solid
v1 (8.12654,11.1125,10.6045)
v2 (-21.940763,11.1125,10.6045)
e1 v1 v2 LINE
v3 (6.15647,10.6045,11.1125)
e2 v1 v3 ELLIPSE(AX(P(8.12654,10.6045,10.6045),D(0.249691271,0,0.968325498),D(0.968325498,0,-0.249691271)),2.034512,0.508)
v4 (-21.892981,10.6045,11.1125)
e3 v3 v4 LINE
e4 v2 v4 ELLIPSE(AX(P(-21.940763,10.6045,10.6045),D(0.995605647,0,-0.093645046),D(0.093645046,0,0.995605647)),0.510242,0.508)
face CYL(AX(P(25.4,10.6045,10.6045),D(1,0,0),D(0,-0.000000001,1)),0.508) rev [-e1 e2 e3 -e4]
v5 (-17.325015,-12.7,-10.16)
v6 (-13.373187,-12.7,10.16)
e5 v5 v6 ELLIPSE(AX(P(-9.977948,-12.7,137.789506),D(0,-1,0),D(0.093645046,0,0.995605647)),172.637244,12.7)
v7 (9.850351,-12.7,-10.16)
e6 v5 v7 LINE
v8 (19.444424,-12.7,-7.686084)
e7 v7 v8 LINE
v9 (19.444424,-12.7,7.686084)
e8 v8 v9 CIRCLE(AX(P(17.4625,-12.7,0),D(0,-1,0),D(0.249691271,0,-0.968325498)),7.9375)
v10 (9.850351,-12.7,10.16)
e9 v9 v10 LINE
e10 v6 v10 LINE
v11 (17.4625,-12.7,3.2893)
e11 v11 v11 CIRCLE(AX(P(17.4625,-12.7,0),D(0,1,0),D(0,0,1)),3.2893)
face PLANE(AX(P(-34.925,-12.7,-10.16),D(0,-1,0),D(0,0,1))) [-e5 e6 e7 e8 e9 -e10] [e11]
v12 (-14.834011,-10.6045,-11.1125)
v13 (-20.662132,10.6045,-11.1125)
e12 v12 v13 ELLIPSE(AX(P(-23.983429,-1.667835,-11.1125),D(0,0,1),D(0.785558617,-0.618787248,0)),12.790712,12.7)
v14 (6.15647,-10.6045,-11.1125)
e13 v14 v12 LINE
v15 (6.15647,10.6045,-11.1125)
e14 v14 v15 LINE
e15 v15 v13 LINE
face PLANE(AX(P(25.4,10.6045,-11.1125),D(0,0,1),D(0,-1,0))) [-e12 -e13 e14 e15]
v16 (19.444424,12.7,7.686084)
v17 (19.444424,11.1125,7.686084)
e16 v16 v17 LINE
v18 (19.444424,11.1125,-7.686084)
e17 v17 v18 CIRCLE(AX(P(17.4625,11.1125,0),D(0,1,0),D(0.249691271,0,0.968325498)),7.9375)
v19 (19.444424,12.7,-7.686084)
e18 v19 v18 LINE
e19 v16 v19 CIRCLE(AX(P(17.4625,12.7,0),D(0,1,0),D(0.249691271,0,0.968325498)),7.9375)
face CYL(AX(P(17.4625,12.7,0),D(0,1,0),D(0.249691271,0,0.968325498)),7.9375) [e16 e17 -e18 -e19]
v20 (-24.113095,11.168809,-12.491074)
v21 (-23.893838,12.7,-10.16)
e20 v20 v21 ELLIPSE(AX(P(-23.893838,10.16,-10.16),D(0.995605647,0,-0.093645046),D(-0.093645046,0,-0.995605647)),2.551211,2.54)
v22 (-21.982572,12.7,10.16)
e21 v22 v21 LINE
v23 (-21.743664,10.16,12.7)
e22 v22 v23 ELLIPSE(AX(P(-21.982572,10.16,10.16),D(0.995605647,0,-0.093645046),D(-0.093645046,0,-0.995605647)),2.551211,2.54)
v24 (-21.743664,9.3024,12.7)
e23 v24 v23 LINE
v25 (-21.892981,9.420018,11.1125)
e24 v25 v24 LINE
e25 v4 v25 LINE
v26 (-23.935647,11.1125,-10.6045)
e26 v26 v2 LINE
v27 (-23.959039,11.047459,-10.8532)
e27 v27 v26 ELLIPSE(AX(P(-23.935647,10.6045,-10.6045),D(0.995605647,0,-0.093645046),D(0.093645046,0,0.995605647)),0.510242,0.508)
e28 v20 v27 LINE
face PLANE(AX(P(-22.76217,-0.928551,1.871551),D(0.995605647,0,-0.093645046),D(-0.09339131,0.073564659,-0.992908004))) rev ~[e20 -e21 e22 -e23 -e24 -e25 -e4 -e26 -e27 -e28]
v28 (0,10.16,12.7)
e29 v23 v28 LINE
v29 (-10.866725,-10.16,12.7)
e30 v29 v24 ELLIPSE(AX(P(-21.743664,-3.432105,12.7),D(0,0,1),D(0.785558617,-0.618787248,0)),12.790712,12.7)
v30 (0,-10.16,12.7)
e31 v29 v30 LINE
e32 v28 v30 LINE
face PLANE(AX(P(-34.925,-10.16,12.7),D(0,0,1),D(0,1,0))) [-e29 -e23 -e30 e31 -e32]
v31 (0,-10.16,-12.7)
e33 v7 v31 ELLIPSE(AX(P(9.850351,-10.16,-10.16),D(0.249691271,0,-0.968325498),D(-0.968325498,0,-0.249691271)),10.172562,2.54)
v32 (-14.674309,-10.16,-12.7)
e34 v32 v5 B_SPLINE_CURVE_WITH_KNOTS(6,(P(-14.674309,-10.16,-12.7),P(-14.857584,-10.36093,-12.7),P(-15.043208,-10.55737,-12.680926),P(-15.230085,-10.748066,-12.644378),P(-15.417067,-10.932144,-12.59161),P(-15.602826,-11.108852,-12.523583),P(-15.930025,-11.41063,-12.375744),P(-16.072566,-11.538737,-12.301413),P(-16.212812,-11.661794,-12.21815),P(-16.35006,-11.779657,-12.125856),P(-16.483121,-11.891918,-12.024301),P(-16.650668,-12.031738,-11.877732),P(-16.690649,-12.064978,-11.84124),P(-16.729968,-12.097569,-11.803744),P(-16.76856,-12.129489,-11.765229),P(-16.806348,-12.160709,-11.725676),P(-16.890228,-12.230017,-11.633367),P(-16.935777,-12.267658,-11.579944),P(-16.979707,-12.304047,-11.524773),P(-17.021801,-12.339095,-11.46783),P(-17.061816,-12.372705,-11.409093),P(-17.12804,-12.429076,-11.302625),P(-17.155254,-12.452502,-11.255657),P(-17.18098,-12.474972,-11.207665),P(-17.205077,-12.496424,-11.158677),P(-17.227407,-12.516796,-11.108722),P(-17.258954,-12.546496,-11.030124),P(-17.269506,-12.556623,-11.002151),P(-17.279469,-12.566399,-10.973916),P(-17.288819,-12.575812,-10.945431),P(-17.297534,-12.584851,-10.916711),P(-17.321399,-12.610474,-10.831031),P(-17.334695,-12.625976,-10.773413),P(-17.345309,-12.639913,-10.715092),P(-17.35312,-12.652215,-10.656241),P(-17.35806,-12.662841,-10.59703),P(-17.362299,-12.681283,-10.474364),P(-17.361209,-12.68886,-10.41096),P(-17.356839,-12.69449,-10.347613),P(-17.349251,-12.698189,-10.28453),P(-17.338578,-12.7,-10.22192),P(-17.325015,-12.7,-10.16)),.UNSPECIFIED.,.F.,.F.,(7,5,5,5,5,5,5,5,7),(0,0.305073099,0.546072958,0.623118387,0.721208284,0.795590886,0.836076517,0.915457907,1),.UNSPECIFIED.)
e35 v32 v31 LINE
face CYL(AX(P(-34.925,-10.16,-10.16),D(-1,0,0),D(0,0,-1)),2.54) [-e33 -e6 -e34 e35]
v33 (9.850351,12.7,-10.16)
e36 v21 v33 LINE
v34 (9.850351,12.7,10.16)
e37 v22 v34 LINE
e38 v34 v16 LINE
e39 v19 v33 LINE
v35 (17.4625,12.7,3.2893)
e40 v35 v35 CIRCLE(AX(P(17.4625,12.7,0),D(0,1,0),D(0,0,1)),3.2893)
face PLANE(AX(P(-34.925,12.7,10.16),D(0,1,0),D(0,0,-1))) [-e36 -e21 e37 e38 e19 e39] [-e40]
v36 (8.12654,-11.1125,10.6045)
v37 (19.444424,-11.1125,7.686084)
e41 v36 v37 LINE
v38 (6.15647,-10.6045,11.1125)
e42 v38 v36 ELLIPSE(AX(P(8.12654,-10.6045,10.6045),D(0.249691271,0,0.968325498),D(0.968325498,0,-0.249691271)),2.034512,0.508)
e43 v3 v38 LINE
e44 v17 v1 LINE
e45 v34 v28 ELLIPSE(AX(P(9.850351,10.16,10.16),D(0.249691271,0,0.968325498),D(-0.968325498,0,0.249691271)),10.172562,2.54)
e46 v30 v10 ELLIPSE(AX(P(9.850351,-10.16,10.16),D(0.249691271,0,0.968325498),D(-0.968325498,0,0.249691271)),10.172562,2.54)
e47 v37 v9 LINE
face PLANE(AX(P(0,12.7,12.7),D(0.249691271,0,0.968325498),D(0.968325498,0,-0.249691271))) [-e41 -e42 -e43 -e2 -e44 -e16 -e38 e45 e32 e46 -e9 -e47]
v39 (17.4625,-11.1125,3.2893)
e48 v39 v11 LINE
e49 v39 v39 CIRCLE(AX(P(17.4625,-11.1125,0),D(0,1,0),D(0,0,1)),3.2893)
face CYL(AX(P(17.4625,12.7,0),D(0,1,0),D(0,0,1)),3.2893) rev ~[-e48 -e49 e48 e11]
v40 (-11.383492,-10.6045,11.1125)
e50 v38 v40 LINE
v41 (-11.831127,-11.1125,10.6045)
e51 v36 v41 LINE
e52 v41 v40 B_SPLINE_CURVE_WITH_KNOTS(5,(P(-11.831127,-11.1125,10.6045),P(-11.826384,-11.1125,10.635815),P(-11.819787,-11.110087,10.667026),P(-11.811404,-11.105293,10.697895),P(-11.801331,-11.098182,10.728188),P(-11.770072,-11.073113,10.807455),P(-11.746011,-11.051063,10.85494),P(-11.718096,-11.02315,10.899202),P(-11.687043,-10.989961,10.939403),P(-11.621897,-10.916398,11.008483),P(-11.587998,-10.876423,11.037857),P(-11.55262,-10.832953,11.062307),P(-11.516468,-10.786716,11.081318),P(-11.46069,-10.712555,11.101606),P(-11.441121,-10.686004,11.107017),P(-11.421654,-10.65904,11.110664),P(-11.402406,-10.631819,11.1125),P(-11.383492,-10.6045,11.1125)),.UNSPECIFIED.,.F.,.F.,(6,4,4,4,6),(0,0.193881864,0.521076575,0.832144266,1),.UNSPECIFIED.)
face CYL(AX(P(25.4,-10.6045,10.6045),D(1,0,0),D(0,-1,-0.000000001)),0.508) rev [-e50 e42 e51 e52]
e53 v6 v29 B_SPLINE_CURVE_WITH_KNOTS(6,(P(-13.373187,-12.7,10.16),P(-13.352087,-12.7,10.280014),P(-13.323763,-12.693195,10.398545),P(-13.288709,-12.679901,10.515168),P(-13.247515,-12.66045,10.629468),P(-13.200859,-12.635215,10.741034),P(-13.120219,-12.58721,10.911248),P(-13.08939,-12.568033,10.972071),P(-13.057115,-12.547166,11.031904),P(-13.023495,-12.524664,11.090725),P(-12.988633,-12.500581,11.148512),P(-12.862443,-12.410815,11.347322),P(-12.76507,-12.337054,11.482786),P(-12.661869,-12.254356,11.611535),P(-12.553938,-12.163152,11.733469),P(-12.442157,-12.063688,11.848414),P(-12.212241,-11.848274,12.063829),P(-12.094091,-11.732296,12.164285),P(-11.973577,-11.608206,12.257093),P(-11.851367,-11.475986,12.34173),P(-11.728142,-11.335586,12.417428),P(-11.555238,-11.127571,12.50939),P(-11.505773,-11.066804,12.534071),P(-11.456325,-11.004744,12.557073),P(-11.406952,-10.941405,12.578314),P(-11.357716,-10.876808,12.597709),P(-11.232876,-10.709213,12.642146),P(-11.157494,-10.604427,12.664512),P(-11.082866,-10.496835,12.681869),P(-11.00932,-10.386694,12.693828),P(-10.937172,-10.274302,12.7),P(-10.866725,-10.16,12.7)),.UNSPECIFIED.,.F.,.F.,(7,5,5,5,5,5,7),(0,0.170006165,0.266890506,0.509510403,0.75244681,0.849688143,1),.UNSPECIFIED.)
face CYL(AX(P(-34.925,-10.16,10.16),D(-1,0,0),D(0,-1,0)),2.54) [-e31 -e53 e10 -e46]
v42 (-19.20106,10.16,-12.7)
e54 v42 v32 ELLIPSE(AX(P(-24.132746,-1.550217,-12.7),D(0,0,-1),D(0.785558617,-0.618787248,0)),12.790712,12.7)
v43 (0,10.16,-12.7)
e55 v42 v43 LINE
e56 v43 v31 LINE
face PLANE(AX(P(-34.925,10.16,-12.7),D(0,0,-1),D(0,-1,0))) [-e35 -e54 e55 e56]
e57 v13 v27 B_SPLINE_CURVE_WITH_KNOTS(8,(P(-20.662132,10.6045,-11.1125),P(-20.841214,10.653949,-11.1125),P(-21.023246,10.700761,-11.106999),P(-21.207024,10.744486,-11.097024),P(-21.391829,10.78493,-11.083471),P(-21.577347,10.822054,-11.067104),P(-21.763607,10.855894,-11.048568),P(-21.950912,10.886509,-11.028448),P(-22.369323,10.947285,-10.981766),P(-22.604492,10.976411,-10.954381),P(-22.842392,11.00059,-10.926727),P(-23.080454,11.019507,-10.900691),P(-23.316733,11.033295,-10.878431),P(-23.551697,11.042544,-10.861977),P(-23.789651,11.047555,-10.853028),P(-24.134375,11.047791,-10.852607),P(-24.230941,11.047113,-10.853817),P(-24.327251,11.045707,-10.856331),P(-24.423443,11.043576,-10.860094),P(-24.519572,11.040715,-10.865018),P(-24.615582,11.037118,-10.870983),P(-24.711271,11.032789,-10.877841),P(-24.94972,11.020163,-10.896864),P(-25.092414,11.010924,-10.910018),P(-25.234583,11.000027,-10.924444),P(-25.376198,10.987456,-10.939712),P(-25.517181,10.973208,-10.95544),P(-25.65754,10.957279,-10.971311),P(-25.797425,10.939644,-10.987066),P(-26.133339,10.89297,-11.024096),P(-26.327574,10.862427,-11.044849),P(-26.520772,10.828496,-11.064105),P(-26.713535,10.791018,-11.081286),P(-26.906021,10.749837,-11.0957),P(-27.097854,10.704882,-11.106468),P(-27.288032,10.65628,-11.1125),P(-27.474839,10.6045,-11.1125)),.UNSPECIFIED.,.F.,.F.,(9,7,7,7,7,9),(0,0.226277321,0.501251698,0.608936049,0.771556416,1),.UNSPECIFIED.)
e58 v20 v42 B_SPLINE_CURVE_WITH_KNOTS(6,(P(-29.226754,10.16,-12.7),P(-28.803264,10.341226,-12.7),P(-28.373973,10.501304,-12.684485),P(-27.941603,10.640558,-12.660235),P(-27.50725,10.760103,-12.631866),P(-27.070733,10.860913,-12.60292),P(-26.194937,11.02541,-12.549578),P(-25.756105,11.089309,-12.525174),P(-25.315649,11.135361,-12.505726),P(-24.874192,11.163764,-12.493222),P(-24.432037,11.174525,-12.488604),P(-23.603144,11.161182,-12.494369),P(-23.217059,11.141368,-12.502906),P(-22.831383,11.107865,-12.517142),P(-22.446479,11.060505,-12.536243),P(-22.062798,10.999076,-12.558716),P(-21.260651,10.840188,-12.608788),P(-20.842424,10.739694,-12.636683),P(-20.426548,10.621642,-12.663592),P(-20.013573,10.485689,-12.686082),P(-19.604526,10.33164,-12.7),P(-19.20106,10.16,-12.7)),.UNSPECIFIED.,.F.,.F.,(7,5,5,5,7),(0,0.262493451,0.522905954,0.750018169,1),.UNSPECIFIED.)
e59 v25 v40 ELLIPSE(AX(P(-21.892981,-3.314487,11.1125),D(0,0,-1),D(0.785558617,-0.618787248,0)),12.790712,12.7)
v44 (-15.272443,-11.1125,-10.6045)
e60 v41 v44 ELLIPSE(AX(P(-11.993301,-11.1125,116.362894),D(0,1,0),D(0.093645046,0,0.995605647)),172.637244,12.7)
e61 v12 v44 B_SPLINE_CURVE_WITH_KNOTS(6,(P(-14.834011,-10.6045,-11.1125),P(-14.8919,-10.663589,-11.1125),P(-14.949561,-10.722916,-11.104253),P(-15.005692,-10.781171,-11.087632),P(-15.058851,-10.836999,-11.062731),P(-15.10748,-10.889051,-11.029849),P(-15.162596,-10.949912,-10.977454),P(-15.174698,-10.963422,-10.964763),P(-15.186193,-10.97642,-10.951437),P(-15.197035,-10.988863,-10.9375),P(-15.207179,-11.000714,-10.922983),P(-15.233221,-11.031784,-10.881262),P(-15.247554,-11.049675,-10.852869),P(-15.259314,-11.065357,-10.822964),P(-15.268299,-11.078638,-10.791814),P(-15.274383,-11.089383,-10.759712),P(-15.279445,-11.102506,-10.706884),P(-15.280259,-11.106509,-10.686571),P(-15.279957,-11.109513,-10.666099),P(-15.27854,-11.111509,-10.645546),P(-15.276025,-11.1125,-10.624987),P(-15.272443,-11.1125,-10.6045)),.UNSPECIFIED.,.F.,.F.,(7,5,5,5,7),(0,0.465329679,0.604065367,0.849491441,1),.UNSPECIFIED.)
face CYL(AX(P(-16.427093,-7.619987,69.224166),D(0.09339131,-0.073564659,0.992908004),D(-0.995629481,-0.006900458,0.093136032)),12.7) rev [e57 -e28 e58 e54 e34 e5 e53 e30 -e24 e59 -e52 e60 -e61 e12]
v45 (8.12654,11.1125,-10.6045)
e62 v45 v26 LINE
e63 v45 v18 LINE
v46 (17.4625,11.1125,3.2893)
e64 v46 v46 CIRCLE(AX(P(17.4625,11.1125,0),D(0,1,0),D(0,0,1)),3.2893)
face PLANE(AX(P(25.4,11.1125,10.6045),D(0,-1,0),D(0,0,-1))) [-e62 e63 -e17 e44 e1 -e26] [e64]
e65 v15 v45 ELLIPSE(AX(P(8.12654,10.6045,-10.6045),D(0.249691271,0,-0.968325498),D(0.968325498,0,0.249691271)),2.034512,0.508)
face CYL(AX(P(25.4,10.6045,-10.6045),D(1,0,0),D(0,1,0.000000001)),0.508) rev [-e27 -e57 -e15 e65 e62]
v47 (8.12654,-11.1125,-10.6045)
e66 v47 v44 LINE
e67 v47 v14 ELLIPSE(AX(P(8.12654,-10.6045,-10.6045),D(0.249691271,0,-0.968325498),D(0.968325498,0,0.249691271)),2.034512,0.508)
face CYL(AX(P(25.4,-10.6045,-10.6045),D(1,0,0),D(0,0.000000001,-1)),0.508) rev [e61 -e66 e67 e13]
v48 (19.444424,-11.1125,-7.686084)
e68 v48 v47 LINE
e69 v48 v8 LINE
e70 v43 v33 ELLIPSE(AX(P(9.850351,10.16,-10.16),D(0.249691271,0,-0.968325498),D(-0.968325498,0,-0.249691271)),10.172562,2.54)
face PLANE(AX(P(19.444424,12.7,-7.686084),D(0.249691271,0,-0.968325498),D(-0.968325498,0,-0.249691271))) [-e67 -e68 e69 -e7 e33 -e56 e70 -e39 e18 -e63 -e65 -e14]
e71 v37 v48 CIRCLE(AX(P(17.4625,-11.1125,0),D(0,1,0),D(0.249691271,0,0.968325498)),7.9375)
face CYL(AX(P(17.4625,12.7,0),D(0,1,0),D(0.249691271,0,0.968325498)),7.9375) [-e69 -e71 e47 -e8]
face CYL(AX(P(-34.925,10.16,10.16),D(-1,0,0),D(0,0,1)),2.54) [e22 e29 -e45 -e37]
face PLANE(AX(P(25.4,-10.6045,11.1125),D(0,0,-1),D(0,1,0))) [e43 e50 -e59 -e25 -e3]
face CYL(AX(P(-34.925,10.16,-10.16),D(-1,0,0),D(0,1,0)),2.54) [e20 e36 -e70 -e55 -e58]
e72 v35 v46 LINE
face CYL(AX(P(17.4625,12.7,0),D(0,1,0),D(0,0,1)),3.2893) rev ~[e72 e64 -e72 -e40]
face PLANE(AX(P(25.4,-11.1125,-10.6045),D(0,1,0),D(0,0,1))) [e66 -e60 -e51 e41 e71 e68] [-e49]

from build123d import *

# Parameters (mm, degrees)
BOSS_EXTRUDE1_DEPTH      = 25.4
BOSS_EXTRUDE1_DEPTH_BACK = 34.925
CUT_EXTRUDE4_DEPTH       = 63.941922635
CUT_EXTRUDE5_DEPTH       = 46.01339384
SKETCH14_R               = 3.2893
CUT_EXTRUDE6_DEPTH       = 46.01339384
CUT_EXTRUDE7_DEPTH       = 56.927898629
CUT_EXTRUDE7_DEPTH_BACK  = 56.927898629
SKETCH15_R               = 12.7
SKETCH17_W               = 59.080455772
SKETCH17_H               = 55.148842709
CUT_EXTRUDE8_DEPTH       = 52.94853237


with BuildPart() as part:
    # Sketch1 → Boss-Extrude1 (new, two sides: drawn at the far end of the back side and taken through both)
    with BuildSketch(Plane(origin=(0, 0, 0), x_dir=(0, 0, -1), z_dir=(1, 0, 0)).offset(-BOSS_EXTRUDE1_DEPTH_BACK)):
        with BuildLine():
            Line((-10.16, 12.7), (10.16, 12.7))
            ThreePointArc((10.16, 12.7), (11.956051224, 11.956051224), (12.7, 10.16))
            Line((12.7, 10.16), (12.7, -10.16))
            ThreePointArc((12.7, -10.16), (11.956051224, -11.956051224), (10.16, -12.7))
            Line((10.16, -12.7), (-10.16, -12.7))
            ThreePointArc((-10.16, -12.7), (-11.956051224, -11.956051224), (-12.7, -10.16))
            Line((-12.7, -10.16), (-12.7, 10.16))
            ThreePointArc((-12.7, 10.16), (-11.956051224, 11.956051224), (-10.16, 12.7))
        make_face()
    extrude(amount=BOSS_EXTRUDE1_DEPTH + BOSS_EXTRUDE1_DEPTH_BACK)

    # Sketch11 → Cut-Extrude4 (cut, through all)
    with BuildSketch(Plane(origin=(25.4, 0, 0), x_dir=(0, 0, -1), z_dir=(1, 0, 0))):
        with BuildLine():
            Line((-10.6045, 11.1125), (10.6045, 11.1125))
            ThreePointArc((10.6045, 11.1125), (10.963710245, 10.963710245), (11.1125, 10.6045))
            Line((11.1125, 10.6045), (11.1125, -10.6045))
            ThreePointArc((11.1125, -10.6045), (10.963710245, -10.963710245), (10.6045, -11.1125))
            Line((10.6045, -11.1125), (-10.6045, -11.1125))
            ThreePointArc((-10.6045, -11.1125), (-10.963710245, -10.963710245), (-11.1125, -10.6045))
            Line((-11.1125, -10.6045), (-11.1125, 10.6045))
            ThreePointArc((-11.1125, 10.6045), (-10.963710245, 10.963710245), (-10.6045, 11.1125))
        make_face()
    extrude(amount=-CUT_EXTRUDE4_DEPTH, mode=Mode.SUBTRACT)

    # Sketch12 → Cut-Extrude5 (cut, through all)
    with BuildSketch(Plane(origin=(0, 12.7, 0), x_dir=(1, 0, 0), z_dir=(0, 1, 0))):
        with BuildLine():
            Line((50.8, 12.7), (0, 12.7))
            Line((0, 12.7), (19.444424463, 7.686083637))
            ThreePointArc((19.444424463, 7.686083637), (25.4, 0), (19.444424463, -7.686083637))
            Line((19.444424463, -7.686083637), (0, -12.7))
            Line((0, -12.7), (50.8, -12.7))
            Line((50.8, -12.7), (50.8, 12.7))
        make_face()
    extrude(amount=-CUT_EXTRUDE5_DEPTH, mode=Mode.SUBTRACT)

    # Sketch14 → Cut-Extrude6 (cut, through all)
    with BuildSketch(Plane(origin=(0, 12.7, 0), x_dir=(1, 0, 0), z_dir=(0, 1, 0))):
        with Locations((17.4625, 0)):
            Circle(SKETCH14_R)
    extrude(amount=-CUT_EXTRUDE6_DEPTH, mode=Mode.SUBTRACT)

    # Sketch15 → Cut-Extrude7 (cut, two sides: drawn at the far end of the back side and taken through both)
    with BuildSketch(Plane(origin=(-21.74366369, -3.432105223, 12.7), x_dir=(-0.9956294808615993, -0.006900458495911936, 0.09313603229582201), z_dir=(-0.09339131029845446, 0.07356465915336342, -0.9929080038374085)).offset(-CUT_EXTRUDE7_DEPTH_BACK)):
        Circle(SKETCH15_R)
    extrude(amount=CUT_EXTRUDE7_DEPTH + CUT_EXTRUDE7_DEPTH_BACK, mode=Mode.SUBTRACT)

    # Sketch17 → Cut-Extrude8 (cut, through all)
    with BuildSketch(Plane(origin=(-22.73705084, 0, 2.138609984), x_dir=(-0.09339131029845445, 0.07356465915336355, -0.9929080038374085), z_dir=(0.9956056474877124, 0, -0.09364504626819836))):
        with Locations((0.199202034, -0.945767637)):
            Rectangle(SKETCH17_W, SKETCH17_H)
    extrude(amount=-CUT_EXTRUDE8_DEPTH, mode=Mode.SUBTRACT)


solid = part.part
